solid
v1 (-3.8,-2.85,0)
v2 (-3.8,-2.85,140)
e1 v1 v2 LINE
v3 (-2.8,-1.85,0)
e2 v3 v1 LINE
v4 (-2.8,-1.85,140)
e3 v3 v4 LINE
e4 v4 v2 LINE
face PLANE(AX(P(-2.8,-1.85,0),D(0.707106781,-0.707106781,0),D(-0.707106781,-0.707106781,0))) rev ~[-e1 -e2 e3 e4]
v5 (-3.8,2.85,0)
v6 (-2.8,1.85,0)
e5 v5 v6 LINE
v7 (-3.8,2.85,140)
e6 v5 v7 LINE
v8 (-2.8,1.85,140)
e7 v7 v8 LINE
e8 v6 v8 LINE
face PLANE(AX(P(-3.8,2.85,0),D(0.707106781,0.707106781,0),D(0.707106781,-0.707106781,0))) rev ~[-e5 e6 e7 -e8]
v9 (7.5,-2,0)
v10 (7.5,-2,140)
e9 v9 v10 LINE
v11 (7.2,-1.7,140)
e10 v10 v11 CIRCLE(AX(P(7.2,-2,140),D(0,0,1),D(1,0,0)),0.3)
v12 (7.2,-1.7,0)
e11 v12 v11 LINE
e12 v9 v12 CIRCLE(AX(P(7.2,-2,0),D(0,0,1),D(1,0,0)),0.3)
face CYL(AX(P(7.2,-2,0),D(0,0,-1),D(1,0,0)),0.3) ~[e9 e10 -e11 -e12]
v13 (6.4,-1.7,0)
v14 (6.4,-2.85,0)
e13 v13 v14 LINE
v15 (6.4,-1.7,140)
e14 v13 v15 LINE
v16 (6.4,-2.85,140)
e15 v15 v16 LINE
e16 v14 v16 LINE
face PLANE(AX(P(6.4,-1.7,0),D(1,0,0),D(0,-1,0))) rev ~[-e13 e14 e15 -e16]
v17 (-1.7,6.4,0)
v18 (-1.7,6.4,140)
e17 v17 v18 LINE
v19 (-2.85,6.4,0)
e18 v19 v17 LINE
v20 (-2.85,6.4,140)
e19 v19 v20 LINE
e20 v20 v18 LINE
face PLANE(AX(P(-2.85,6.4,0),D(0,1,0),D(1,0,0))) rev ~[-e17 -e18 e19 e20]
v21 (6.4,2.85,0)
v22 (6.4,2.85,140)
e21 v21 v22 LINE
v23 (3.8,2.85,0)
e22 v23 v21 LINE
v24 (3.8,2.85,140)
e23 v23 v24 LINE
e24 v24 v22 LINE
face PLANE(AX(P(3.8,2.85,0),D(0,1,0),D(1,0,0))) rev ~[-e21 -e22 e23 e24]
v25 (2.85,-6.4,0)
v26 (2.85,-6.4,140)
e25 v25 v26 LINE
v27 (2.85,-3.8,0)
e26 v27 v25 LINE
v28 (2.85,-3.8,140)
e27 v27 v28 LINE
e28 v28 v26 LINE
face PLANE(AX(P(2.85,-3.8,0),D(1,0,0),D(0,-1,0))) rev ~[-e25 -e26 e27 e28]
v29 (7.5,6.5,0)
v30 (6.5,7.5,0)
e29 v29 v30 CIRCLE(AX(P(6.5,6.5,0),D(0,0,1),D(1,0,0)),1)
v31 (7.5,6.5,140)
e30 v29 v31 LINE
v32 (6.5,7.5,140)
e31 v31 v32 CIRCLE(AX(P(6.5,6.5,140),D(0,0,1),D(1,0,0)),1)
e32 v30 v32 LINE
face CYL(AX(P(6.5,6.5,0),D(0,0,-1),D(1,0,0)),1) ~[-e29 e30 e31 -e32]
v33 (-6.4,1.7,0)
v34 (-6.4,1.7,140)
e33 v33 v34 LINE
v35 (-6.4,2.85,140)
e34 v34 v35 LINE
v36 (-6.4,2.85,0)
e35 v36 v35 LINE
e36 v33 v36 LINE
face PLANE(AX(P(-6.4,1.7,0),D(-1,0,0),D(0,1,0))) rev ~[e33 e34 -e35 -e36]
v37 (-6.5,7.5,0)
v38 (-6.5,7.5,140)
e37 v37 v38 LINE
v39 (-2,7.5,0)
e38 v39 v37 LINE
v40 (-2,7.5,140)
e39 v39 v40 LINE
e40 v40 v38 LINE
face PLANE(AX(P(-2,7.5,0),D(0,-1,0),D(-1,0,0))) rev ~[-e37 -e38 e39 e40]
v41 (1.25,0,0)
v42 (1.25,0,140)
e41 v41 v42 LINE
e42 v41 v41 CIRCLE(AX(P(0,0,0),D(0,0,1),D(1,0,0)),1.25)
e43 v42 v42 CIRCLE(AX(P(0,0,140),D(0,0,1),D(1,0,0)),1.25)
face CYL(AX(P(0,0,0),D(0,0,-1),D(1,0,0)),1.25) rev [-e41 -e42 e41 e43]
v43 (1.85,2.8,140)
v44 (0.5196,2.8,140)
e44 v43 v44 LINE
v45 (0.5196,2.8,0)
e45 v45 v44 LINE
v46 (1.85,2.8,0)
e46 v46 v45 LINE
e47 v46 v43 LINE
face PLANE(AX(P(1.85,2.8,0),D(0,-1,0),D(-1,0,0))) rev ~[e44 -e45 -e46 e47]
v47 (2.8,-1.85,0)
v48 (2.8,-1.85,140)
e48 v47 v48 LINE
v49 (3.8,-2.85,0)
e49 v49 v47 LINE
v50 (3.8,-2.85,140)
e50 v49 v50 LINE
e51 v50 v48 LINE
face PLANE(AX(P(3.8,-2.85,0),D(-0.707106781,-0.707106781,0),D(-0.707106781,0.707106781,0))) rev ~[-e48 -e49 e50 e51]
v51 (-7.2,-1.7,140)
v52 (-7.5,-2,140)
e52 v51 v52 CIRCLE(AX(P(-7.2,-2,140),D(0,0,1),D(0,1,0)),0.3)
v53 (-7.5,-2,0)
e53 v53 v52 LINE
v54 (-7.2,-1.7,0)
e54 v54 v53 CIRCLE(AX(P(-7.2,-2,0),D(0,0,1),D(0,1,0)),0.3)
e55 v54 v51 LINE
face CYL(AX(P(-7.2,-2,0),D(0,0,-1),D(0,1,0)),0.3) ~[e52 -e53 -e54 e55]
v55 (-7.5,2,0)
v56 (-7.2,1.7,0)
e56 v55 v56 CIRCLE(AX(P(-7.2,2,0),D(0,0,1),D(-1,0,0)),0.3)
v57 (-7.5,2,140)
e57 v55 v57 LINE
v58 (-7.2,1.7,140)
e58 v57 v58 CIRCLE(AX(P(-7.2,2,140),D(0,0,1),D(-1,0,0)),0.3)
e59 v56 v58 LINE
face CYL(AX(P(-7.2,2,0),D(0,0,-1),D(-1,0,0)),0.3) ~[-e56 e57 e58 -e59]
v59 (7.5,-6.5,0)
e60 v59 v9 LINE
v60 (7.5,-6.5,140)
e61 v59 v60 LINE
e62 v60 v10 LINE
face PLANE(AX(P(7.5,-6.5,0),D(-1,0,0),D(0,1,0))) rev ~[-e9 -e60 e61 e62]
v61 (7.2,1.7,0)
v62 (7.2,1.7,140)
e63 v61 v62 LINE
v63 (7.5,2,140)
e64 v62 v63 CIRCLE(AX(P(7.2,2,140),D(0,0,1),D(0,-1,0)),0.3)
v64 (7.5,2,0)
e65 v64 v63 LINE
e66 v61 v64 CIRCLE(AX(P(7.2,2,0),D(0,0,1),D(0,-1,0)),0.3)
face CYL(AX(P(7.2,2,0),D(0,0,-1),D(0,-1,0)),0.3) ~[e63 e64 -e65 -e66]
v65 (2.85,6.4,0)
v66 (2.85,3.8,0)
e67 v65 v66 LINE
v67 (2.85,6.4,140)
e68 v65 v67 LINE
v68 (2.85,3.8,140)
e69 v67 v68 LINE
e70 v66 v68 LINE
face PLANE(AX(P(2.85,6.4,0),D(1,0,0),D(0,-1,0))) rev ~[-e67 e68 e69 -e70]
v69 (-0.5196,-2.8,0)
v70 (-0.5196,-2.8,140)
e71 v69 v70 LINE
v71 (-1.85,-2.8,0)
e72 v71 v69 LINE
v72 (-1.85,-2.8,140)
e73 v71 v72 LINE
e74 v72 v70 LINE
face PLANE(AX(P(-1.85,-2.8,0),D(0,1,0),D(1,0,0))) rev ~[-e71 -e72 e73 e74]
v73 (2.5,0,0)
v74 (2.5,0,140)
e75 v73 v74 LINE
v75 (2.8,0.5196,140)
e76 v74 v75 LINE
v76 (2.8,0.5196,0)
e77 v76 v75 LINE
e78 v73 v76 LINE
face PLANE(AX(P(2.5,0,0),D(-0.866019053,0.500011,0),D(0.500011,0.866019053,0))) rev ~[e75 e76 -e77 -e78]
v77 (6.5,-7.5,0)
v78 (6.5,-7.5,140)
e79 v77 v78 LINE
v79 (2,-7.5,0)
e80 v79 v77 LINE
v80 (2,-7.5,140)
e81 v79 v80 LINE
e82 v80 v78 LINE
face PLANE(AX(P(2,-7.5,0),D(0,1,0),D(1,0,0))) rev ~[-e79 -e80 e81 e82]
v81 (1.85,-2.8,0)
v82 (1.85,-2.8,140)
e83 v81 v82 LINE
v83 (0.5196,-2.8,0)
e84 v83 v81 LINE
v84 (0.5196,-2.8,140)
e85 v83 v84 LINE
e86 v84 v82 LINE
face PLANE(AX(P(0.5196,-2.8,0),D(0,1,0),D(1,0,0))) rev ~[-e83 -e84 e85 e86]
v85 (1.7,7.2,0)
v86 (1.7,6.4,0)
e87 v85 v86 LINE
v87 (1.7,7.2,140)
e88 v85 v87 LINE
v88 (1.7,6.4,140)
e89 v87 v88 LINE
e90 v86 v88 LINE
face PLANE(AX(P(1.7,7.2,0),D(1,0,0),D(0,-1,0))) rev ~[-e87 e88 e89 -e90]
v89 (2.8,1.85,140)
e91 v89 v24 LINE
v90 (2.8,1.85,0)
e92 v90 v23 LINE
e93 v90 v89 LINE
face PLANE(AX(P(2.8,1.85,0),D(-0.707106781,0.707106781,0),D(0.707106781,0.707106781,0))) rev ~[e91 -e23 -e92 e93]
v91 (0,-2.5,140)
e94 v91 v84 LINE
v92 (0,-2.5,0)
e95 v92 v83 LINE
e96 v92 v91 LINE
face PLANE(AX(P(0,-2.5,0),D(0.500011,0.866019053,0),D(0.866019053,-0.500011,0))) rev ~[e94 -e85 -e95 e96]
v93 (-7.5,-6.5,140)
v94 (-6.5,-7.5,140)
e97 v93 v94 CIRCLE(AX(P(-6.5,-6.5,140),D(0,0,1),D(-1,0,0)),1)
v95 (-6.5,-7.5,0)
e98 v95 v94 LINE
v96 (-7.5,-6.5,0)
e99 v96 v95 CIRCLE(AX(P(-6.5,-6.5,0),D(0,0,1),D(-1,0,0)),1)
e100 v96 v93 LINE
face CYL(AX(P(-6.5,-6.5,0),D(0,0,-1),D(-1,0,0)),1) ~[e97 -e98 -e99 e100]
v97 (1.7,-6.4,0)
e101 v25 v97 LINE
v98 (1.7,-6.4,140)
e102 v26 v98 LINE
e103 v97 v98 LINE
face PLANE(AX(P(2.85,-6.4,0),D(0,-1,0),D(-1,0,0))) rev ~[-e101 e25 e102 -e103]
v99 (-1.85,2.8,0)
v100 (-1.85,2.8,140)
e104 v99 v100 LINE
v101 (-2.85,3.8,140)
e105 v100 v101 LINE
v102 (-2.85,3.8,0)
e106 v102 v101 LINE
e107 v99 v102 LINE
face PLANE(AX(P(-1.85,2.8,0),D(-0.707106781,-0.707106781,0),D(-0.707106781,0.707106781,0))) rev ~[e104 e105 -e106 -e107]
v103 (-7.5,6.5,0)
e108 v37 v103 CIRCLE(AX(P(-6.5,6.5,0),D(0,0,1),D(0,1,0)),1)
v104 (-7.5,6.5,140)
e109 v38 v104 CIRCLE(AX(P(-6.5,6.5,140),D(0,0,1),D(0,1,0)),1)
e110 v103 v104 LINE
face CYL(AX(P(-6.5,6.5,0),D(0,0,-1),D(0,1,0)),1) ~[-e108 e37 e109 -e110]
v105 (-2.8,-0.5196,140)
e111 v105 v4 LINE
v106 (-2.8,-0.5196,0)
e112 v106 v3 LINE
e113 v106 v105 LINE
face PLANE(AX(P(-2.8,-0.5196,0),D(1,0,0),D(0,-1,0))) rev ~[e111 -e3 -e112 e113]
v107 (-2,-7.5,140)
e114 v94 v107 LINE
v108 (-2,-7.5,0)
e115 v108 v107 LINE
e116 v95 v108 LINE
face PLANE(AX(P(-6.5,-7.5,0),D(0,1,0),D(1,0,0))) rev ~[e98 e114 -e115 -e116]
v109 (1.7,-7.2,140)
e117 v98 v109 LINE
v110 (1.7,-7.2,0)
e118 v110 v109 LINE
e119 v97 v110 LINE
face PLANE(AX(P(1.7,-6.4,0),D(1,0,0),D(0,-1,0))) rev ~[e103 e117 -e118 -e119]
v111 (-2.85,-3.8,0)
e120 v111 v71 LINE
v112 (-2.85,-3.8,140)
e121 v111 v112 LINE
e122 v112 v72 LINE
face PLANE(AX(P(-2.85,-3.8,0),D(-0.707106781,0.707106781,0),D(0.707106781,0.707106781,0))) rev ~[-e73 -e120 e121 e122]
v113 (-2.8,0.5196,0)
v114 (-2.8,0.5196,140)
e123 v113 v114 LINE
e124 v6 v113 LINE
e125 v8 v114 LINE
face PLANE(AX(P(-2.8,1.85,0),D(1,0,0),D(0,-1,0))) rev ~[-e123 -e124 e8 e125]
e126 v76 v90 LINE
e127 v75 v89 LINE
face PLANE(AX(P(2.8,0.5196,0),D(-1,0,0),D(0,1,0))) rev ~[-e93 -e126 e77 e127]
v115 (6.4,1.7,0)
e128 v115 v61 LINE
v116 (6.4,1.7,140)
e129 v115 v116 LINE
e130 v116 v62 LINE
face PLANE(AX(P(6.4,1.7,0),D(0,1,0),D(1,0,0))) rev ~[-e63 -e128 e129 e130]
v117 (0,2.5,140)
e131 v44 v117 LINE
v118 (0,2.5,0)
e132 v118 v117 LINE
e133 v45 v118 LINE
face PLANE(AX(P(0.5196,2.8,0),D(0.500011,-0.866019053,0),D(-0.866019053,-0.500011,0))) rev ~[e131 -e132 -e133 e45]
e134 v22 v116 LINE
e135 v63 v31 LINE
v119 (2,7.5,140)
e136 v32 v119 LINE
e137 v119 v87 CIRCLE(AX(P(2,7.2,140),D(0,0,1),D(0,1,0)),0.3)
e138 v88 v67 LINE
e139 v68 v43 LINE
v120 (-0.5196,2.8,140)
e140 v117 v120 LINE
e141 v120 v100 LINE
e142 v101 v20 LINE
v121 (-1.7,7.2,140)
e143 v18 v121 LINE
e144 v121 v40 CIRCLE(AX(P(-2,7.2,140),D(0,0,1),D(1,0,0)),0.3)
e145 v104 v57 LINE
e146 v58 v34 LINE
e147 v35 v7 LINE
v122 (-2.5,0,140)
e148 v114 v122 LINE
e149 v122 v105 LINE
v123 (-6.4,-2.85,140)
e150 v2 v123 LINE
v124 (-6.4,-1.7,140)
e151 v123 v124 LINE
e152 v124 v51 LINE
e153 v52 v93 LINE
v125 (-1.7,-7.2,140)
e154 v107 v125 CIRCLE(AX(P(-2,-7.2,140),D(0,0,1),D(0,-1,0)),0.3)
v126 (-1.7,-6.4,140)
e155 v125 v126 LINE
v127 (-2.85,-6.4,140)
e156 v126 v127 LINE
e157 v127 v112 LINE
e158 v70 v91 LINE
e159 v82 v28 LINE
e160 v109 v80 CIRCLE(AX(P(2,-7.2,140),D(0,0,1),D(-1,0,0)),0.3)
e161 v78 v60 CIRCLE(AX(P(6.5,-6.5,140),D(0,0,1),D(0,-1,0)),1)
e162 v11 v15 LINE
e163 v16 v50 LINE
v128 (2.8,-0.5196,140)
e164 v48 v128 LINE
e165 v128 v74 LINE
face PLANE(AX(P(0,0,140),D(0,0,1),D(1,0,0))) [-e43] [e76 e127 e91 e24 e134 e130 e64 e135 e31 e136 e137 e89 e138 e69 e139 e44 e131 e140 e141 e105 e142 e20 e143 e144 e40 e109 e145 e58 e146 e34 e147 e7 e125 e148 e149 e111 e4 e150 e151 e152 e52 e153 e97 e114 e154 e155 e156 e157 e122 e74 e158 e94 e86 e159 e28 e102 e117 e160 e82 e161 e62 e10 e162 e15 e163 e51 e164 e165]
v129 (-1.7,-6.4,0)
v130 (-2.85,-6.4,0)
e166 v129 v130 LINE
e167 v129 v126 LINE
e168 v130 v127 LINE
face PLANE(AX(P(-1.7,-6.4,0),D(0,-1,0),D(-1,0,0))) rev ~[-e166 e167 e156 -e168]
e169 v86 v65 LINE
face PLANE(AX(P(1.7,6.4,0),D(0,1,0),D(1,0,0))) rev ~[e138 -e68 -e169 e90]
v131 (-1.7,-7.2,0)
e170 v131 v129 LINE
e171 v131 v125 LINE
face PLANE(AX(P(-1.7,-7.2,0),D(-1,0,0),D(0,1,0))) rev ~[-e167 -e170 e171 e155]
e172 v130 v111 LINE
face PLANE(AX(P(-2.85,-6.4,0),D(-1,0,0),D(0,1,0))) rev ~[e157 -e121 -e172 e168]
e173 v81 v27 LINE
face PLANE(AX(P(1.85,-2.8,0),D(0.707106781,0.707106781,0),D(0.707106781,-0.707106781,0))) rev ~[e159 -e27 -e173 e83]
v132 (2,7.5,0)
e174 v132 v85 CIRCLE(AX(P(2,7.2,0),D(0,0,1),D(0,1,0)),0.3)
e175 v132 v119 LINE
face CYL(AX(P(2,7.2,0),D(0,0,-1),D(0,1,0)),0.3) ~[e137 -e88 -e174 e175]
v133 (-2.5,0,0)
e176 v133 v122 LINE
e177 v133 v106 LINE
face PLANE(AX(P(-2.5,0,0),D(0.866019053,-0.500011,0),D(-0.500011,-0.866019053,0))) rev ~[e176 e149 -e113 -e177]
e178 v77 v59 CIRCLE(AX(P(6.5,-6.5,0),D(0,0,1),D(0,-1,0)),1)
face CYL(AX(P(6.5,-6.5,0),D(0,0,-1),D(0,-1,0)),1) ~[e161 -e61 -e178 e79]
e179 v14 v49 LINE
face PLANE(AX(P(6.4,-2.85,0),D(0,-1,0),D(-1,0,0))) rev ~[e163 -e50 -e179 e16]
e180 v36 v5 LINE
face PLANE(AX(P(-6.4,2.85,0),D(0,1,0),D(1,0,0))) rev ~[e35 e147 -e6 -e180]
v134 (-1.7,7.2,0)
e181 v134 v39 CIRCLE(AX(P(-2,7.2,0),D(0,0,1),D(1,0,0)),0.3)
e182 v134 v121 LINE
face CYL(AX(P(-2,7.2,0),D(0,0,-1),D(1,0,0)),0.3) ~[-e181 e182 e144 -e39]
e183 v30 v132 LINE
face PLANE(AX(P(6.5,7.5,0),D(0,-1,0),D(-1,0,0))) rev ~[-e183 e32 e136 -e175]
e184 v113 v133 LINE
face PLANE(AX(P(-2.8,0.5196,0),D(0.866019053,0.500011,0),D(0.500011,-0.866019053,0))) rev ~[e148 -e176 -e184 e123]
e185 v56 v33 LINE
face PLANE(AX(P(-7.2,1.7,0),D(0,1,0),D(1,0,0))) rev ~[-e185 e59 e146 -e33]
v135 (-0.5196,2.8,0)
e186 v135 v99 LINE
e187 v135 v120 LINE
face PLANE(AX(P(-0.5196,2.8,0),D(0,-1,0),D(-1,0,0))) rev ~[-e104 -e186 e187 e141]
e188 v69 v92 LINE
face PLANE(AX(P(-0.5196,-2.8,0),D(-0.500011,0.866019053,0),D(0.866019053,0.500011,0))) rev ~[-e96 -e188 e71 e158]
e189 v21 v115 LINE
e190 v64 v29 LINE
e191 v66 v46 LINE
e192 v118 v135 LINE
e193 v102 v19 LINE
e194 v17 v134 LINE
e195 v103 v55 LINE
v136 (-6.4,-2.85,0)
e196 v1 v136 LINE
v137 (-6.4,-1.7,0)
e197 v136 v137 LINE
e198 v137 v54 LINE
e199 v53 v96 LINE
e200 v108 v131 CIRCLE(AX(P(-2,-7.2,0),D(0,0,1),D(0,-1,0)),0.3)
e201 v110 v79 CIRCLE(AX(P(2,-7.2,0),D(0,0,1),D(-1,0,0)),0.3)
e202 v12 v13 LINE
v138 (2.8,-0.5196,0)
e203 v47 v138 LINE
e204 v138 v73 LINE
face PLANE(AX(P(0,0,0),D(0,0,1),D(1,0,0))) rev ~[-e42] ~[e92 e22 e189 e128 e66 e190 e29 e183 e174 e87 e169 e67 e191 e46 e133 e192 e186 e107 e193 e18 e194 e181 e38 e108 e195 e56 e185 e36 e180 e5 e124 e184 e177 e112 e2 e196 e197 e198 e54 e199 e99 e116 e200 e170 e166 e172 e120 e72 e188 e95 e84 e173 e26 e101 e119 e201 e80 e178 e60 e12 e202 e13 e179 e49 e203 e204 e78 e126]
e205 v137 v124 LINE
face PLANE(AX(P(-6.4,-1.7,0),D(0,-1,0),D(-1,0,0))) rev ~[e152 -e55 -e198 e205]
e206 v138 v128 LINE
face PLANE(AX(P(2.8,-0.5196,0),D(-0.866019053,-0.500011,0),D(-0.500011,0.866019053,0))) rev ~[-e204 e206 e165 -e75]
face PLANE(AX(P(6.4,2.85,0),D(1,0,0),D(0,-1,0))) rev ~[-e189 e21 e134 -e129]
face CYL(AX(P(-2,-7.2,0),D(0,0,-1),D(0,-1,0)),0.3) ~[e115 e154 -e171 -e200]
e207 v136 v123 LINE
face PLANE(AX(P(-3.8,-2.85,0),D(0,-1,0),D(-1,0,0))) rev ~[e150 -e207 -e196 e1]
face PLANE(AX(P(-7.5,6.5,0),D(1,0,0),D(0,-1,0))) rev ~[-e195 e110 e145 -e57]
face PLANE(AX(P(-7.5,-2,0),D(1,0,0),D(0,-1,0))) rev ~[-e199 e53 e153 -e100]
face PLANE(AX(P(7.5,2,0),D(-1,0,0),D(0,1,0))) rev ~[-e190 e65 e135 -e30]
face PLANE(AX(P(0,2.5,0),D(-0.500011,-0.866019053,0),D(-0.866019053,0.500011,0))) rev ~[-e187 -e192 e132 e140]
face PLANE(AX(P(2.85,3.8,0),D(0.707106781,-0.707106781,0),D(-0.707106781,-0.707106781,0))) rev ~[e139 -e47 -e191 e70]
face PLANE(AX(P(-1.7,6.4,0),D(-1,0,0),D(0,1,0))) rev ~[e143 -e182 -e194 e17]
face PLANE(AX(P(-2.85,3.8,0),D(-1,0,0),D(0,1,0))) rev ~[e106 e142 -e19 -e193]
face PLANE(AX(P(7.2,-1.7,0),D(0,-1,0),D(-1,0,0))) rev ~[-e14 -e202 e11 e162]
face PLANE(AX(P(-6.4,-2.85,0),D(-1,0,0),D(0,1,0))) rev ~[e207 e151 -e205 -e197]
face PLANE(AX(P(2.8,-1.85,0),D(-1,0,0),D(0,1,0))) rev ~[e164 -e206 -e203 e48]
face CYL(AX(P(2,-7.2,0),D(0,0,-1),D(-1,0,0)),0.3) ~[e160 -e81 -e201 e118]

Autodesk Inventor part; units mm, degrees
ref_plane "YZ Plane" through (0, 0, 0) normal (1, 0, 0) x (0, 1, 0)
ref_plane "XZ Plane" through (0, 0, 0) normal (0, 1, 0) x (-1, 0, 0)
ref_plane "XY Plane" through (0, 0, 0) normal (0, 0, 1) x (1, 0, 0)
sketch "Sketch_1" plane through (0, 0, 0) normal (0, 0, 1) x (1, 0, 0)
  line L0 (-7.5, 6.5) -> (-7.5, 2)
  arc A0 (-7.5, 2) -> (-7.2, 1.7) centre (-7.2, 2) ccw
  line L1 (-7.2, 1.7) -> (-6.4, 1.7)
  line L2 (-6.4, 1.7) -> (-6.4, 2.85)
  line L3 (-6.4, 2.85) -> (-3.8, 2.85)
  line L4 (-3.8, 2.85) -> (-2.8, 1.85)
  line L5 (-2.8, 1.85) -> (-2.8, 0.5196)
  line L6 (-2.8, 0.5196) -> (-2.5, 0)
  line L7 (-2.5, 0) -> (-2.8, -0.5196)
  line L8 (-2.8, -0.5196) -> (-2.8, -1.85)
  line L9 (-2.8, -1.85) -> (-3.8, -2.85)
  line L10 (-3.8, -2.85) -> (-6.4, -2.85)
  line L11 (-6.4, -2.85) -> (-6.4, -1.7)
  line L12 (-6.4, -1.7) -> (-7.2, -1.7)
  arc A1 (-7.2, -1.7) -> (-7.5, -2) centre (-7.2, -2) ccw
  line L13 (-7.5, -2) -> (-7.5, -6.5)
  arc A2 (-7.5, -6.5) -> (-6.5, -7.5) centre (-6.5, -6.5) ccw
  line L14 (-6.5, -7.5) -> (-2, -7.5)
  arc A3 (-2, -7.5) -> (-1.7, -7.2) centre (-2, -7.2) ccw
  line L15 (-1.7, -7.2) -> (-1.7, -6.4)
  line L16 (-1.7, -6.4) -> (-2.85, -6.4)
  line L17 (-2.85, -6.4) -> (-2.85, -3.8)
  line L18 (-2.85, -3.8) -> (-1.85, -2.8)
  line L19 (-1.85, -2.8) -> (-0.5196, -2.8)
  line L20 (-0.5196, -2.8) -> (0, -2.5)
  line L21 (0, -2.5) -> (0.5196, -2.8)
  line L22 (0.5196, -2.8) -> (1.85, -2.8)
  line L23 (1.85, -2.8) -> (2.85, -3.8)
  line L24 (2.85, -3.8) -> (2.85, -6.4)
  line L25 (2.85, -6.4) -> (1.7, -6.4)
  line L26 (1.7, -6.4) -> (1.7, -7.2)
  arc A4 (1.7, -7.2) -> (2, -7.5) centre (2, -7.2) ccw
  line L27 (2, -7.5) -> (6.5, -7.5)
  arc A5 (6.5, -7.5) -> (7.5, -6.5) centre (6.5, -6.5) ccw
  line L28 (7.5, -6.5) -> (7.5, -2)
  arc A6 (7.5, -2) -> (7.2, -1.7) centre (7.2, -2) ccw
  line L29 (7.2, -1.7) -> (6.4, -1.7)
  line L30 (6.4, -1.7) -> (6.4, -2.85)
  line L31 (6.4, -2.85) -> (3.8, -2.85)
  line L32 (3.8, -2.85) -> (2.8, -1.85)
  line L33 (2.8, -1.85) -> (2.8, -0.5196)
  line L34 (2.8, -0.5196) -> (2.5, 0)
  line L35 (2.5, 0) -> (2.8, 0.5196)
  line L36 (2.8, 0.5196) -> (2.8, 1.85)
  line L37 (2.8, 1.85) -> (3.8, 2.85)
  line L38 (3.8, 2.85) -> (6.4, 2.85)
  line L39 (6.4, 2.85) -> (6.4, 1.7)
  line L40 (6.4, 1.7) -> (7.2, 1.7)
  arc A7 (7.2, 1.7) -> (7.5, 2) centre (7.2, 2) ccw
  line L41 (7.5, 2) -> (7.5, 6.5)
  arc A8 (7.5, 6.5) -> (6.5, 7.5) centre (6.5, 6.5) ccw
  line L42 (6.5, 7.5) -> (2, 7.5)
  arc A9 (2, 7.5) -> (1.7, 7.2) centre (2, 7.2) ccw
  line L43 (1.7, 7.2) -> (1.7, 6.4)
  line L44 (1.7, 6.4) -> (2.85, 6.4)
  line L45 (2.85, 6.4) -> (2.85, 3.8)
  line L46 (2.85, 3.8) -> (1.85, 2.8)
  line L47 (1.85, 2.8) -> (0.5196, 2.8)
  line L48 (0.5196, 2.8) -> (0, 2.5)
  line L49 (0, 2.5) -> (-0.5196, 2.8)
  line L50 (-0.5196, 2.8) -> (-1.85, 2.8)
  line L51 (-1.85, 2.8) -> (-2.85, 3.8)
  line L52 (-2.85, 3.8) -> (-2.85, 6.4)
  line L53 (-2.85, 6.4) -> (-1.7, 6.4)
  line L54 (-1.7, 6.4) -> (-1.7, 7.2)
  arc A10 (-1.7, 7.2) -> (-2, 7.5) centre (-2, 7.2) ccw
  line L55 (-2, 7.5) -> (-6.5, 7.5)
  arc A11 (-6.5, 7.5) -> (-7.5, 6.5) centre (-6.5, 6.5) ccw
  circle A12 centre (0, 0) radius 1.25
extrude "Extrusion1" add sketch "Sketch_1" along normal blind 140
properties part number "HFS3-1515-140"
